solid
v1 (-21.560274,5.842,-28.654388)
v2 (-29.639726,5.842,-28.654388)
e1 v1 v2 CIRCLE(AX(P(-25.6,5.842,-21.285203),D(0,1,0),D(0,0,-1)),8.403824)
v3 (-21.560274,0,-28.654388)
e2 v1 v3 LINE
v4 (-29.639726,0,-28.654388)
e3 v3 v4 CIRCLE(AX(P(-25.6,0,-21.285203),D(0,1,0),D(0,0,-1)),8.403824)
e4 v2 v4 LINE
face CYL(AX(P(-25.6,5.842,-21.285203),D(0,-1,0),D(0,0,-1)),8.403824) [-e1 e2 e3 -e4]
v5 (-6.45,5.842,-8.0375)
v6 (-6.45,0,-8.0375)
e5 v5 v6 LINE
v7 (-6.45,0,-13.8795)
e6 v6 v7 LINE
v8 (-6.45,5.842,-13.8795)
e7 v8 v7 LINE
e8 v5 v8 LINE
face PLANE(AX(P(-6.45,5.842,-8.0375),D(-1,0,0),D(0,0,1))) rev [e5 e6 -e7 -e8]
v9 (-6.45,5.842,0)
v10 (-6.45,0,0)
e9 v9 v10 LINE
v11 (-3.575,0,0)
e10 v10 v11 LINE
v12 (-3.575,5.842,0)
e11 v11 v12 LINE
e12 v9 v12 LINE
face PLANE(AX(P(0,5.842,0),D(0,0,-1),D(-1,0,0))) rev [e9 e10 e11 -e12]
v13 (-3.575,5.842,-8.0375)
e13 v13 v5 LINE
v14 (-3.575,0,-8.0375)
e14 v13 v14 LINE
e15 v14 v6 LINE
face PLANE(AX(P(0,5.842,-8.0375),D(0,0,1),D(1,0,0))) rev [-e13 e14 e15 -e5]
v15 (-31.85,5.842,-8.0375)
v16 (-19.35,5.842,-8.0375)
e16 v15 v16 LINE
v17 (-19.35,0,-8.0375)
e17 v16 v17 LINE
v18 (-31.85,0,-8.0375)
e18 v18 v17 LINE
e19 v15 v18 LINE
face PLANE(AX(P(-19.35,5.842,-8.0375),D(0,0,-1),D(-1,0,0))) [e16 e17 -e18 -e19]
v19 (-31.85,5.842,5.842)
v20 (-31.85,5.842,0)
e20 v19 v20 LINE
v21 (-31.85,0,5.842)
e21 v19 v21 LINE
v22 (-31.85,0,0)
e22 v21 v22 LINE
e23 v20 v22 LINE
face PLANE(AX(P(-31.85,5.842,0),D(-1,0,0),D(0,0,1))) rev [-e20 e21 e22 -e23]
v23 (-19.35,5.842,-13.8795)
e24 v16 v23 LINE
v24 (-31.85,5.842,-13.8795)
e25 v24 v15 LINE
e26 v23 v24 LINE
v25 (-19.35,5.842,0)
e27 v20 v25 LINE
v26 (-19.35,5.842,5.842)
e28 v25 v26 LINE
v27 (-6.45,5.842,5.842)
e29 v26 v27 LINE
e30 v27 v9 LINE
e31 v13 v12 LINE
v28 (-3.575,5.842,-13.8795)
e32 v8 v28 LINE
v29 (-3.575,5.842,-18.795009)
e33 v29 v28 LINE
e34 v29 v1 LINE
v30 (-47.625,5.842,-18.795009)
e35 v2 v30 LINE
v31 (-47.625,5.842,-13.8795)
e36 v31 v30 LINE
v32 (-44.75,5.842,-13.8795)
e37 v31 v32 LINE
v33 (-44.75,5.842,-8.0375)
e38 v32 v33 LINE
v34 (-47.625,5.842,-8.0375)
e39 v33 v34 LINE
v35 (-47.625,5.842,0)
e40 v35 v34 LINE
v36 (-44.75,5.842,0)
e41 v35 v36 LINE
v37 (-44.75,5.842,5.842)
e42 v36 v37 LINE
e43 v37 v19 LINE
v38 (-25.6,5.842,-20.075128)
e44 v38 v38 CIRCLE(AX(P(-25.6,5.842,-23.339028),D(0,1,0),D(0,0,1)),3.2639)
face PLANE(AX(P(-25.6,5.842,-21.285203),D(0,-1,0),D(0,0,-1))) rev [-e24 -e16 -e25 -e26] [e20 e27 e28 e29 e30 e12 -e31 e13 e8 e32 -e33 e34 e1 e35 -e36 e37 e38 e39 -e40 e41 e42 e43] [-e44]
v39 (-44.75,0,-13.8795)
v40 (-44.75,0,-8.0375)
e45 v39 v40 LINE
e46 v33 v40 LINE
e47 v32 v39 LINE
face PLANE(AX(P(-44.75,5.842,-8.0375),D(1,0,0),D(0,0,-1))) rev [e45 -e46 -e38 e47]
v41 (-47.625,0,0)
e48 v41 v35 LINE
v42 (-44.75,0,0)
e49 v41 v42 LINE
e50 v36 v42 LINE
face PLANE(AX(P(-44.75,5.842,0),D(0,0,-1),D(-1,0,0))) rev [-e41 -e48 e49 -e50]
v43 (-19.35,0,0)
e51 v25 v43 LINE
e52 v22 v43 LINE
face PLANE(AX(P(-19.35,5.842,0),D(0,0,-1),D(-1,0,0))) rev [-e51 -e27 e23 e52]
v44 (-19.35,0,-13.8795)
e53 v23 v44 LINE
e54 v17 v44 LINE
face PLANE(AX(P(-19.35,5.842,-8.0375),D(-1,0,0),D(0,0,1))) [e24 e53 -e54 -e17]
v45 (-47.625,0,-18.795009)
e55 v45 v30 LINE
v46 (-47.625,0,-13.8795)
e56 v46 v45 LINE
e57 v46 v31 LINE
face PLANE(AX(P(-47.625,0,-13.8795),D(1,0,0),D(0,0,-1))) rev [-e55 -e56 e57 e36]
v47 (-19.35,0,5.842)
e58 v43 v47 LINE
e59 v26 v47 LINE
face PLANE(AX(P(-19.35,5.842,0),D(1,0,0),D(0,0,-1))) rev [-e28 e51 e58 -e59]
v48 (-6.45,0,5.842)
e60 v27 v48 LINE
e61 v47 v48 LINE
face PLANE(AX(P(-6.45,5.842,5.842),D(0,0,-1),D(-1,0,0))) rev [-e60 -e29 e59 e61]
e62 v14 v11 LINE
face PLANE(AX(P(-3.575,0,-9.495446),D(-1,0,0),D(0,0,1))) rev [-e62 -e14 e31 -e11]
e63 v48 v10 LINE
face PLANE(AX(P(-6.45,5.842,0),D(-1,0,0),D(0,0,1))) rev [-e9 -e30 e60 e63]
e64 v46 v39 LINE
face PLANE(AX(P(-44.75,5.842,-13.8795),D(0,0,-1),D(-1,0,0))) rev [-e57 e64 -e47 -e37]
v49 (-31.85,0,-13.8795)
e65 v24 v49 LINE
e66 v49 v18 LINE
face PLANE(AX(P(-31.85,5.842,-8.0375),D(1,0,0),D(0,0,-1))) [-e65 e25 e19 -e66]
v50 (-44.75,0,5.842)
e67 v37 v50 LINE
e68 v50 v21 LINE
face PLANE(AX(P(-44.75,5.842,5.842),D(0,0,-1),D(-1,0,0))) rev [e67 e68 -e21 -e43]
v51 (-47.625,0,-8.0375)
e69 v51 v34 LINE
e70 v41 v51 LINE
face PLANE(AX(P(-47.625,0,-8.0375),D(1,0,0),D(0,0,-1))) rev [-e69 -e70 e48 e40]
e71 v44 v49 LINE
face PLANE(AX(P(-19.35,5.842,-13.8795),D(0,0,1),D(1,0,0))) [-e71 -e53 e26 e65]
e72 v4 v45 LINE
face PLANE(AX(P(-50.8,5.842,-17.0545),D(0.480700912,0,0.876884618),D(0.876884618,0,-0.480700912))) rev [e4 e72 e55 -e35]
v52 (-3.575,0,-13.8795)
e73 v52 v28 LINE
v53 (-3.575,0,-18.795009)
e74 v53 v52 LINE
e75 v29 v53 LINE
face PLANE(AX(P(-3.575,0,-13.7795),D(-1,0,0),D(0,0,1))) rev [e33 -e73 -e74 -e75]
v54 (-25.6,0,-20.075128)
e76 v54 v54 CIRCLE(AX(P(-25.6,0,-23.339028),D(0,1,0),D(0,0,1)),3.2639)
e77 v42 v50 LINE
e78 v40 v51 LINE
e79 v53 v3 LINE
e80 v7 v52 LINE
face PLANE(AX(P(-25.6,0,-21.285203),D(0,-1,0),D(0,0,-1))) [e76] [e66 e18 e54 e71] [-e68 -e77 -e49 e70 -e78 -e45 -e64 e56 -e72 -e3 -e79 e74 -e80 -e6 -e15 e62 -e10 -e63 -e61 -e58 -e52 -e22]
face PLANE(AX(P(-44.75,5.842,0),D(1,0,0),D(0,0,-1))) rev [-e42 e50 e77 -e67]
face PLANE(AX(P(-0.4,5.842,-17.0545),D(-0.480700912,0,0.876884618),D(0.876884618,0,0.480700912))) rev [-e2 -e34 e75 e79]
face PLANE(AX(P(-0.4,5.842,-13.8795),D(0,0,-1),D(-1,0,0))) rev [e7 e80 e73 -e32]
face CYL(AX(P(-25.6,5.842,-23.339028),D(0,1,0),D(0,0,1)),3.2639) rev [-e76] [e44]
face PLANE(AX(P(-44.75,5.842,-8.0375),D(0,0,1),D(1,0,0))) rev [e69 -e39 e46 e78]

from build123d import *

# Parameters (mm, degrees)
SKETCH1_W                = 12.5
SKETCH1_H                = 5.842
BOSS_EXTRUDE2_DEPTH      = 5.842
F_0_257_DIAMETER_HOLE1_D = 6.5278
SKETCH4_W                = 3.175
SKETCH4_H                = 8.0375
SKETCH4_H_2              = 6.35
CUT_EXTRUDE1_DEPTH       = 60.128735202


with BuildPart() as part:
    # Sketch1 → Boss-Extrude2 (new body)
    with BuildSketch(Plane(origin=(0, 0, 0), x_dir=(1, 0, 0), z_dir=(0, 1, 0))):
        with BuildLine():
            Line((0, 0), (-6.45, 0))
            Line((-6.45, 0), (-6.45, -5.842))
            Line((-6.45, -5.842), (-19.35, -5.842))
            Line((-19.35, -5.842), (-19.35, 0))
            Line((-19.35, 0), (-31.85, 0))
            Line((-31.85, 0), (-31.85, -5.842))
            Line((-31.85, -5.842), (-44.75, -5.842))
            Line((-44.75, -5.842), (-44.75, 0))
            Line((-44.75, 0), (-50.8, 0))
            Line((-50.8, 0), (-50.8, 8.0375))
            Line((-50.8, 8.0375), (-44.75, 8.0375))
            Line((-44.75, 8.0375), (-44.75, 13.8795))
            Line((-44.75, 13.8795), (-50.8, 13.8795))
            Line((-50.8, 13.8795), (-50.8, 17.0545))
            Line((-50.8, 17.0545), (-29.639726031, 28.654387599))
            ThreePointArc((-29.639726031, 28.654387599), (-25.6, 29.689027646), (-21.560273969, 28.654387599))
            Line((-21.560273969, 28.654387599), (-0.4, 17.0545))
            Line((-0.4, 17.0545), (-0.4, 13.8795))
            Line((-0.4, 13.8795), (-6.45, 13.8795))
            Line((-6.45, 13.8795), (-6.45, 8.0375))
            Line((-6.45, 8.0375), (0, 8.0375))
            Line((0, 8.0375), (0, 0))
        make_face()
        with Locations((-25.6, 10.9585)):
            Rectangle(SKETCH1_W, SKETCH1_H, mode=Mode.SUBTRACT)
    extrude(amount=BOSS_EXTRUDE2_DEPTH)

    # F (0.257) Diameter Hole1 (through all)
    with Locations(Plane(origin=(0, 5.842, 0), x_dir=(1, 0, 0), z_dir=(0, 1, 0))):
        with Locations((-25.6, 23.339027646)):
            Hole(F_0_257_DIAMETER_HOLE1_D / 2)

    # Sketch4 → Cut-Extrude1 (cut, through all)
    with BuildSketch(Plane(origin=(0, 5.842, 0), x_dir=(1, 0, 0), z_dir=(0, 1, 0))):
        with Locations((-49.2125, 4.01875)):
            Rectangle(SKETCH4_W, SKETCH4_H)
        Polygon((-3.575, 9.495445591), (-3.575, 0), (-0.4, 0), (0, 0), (0, 9.495445591), (-0.4, 9.495445591), align=None)
        with Locations((-49.2125, 17.0545)):
            Rectangle(SKETCH4_W, SKETCH4_H_2)
        with Locations((-1.9875, 16.9545)):
            Rectangle(SKETCH4_W, SKETCH4_H_2)
    extrude(amount=-CUT_EXTRUDE1_DEPTH, mode=Mode.SUBTRACT)


solid = part.part
